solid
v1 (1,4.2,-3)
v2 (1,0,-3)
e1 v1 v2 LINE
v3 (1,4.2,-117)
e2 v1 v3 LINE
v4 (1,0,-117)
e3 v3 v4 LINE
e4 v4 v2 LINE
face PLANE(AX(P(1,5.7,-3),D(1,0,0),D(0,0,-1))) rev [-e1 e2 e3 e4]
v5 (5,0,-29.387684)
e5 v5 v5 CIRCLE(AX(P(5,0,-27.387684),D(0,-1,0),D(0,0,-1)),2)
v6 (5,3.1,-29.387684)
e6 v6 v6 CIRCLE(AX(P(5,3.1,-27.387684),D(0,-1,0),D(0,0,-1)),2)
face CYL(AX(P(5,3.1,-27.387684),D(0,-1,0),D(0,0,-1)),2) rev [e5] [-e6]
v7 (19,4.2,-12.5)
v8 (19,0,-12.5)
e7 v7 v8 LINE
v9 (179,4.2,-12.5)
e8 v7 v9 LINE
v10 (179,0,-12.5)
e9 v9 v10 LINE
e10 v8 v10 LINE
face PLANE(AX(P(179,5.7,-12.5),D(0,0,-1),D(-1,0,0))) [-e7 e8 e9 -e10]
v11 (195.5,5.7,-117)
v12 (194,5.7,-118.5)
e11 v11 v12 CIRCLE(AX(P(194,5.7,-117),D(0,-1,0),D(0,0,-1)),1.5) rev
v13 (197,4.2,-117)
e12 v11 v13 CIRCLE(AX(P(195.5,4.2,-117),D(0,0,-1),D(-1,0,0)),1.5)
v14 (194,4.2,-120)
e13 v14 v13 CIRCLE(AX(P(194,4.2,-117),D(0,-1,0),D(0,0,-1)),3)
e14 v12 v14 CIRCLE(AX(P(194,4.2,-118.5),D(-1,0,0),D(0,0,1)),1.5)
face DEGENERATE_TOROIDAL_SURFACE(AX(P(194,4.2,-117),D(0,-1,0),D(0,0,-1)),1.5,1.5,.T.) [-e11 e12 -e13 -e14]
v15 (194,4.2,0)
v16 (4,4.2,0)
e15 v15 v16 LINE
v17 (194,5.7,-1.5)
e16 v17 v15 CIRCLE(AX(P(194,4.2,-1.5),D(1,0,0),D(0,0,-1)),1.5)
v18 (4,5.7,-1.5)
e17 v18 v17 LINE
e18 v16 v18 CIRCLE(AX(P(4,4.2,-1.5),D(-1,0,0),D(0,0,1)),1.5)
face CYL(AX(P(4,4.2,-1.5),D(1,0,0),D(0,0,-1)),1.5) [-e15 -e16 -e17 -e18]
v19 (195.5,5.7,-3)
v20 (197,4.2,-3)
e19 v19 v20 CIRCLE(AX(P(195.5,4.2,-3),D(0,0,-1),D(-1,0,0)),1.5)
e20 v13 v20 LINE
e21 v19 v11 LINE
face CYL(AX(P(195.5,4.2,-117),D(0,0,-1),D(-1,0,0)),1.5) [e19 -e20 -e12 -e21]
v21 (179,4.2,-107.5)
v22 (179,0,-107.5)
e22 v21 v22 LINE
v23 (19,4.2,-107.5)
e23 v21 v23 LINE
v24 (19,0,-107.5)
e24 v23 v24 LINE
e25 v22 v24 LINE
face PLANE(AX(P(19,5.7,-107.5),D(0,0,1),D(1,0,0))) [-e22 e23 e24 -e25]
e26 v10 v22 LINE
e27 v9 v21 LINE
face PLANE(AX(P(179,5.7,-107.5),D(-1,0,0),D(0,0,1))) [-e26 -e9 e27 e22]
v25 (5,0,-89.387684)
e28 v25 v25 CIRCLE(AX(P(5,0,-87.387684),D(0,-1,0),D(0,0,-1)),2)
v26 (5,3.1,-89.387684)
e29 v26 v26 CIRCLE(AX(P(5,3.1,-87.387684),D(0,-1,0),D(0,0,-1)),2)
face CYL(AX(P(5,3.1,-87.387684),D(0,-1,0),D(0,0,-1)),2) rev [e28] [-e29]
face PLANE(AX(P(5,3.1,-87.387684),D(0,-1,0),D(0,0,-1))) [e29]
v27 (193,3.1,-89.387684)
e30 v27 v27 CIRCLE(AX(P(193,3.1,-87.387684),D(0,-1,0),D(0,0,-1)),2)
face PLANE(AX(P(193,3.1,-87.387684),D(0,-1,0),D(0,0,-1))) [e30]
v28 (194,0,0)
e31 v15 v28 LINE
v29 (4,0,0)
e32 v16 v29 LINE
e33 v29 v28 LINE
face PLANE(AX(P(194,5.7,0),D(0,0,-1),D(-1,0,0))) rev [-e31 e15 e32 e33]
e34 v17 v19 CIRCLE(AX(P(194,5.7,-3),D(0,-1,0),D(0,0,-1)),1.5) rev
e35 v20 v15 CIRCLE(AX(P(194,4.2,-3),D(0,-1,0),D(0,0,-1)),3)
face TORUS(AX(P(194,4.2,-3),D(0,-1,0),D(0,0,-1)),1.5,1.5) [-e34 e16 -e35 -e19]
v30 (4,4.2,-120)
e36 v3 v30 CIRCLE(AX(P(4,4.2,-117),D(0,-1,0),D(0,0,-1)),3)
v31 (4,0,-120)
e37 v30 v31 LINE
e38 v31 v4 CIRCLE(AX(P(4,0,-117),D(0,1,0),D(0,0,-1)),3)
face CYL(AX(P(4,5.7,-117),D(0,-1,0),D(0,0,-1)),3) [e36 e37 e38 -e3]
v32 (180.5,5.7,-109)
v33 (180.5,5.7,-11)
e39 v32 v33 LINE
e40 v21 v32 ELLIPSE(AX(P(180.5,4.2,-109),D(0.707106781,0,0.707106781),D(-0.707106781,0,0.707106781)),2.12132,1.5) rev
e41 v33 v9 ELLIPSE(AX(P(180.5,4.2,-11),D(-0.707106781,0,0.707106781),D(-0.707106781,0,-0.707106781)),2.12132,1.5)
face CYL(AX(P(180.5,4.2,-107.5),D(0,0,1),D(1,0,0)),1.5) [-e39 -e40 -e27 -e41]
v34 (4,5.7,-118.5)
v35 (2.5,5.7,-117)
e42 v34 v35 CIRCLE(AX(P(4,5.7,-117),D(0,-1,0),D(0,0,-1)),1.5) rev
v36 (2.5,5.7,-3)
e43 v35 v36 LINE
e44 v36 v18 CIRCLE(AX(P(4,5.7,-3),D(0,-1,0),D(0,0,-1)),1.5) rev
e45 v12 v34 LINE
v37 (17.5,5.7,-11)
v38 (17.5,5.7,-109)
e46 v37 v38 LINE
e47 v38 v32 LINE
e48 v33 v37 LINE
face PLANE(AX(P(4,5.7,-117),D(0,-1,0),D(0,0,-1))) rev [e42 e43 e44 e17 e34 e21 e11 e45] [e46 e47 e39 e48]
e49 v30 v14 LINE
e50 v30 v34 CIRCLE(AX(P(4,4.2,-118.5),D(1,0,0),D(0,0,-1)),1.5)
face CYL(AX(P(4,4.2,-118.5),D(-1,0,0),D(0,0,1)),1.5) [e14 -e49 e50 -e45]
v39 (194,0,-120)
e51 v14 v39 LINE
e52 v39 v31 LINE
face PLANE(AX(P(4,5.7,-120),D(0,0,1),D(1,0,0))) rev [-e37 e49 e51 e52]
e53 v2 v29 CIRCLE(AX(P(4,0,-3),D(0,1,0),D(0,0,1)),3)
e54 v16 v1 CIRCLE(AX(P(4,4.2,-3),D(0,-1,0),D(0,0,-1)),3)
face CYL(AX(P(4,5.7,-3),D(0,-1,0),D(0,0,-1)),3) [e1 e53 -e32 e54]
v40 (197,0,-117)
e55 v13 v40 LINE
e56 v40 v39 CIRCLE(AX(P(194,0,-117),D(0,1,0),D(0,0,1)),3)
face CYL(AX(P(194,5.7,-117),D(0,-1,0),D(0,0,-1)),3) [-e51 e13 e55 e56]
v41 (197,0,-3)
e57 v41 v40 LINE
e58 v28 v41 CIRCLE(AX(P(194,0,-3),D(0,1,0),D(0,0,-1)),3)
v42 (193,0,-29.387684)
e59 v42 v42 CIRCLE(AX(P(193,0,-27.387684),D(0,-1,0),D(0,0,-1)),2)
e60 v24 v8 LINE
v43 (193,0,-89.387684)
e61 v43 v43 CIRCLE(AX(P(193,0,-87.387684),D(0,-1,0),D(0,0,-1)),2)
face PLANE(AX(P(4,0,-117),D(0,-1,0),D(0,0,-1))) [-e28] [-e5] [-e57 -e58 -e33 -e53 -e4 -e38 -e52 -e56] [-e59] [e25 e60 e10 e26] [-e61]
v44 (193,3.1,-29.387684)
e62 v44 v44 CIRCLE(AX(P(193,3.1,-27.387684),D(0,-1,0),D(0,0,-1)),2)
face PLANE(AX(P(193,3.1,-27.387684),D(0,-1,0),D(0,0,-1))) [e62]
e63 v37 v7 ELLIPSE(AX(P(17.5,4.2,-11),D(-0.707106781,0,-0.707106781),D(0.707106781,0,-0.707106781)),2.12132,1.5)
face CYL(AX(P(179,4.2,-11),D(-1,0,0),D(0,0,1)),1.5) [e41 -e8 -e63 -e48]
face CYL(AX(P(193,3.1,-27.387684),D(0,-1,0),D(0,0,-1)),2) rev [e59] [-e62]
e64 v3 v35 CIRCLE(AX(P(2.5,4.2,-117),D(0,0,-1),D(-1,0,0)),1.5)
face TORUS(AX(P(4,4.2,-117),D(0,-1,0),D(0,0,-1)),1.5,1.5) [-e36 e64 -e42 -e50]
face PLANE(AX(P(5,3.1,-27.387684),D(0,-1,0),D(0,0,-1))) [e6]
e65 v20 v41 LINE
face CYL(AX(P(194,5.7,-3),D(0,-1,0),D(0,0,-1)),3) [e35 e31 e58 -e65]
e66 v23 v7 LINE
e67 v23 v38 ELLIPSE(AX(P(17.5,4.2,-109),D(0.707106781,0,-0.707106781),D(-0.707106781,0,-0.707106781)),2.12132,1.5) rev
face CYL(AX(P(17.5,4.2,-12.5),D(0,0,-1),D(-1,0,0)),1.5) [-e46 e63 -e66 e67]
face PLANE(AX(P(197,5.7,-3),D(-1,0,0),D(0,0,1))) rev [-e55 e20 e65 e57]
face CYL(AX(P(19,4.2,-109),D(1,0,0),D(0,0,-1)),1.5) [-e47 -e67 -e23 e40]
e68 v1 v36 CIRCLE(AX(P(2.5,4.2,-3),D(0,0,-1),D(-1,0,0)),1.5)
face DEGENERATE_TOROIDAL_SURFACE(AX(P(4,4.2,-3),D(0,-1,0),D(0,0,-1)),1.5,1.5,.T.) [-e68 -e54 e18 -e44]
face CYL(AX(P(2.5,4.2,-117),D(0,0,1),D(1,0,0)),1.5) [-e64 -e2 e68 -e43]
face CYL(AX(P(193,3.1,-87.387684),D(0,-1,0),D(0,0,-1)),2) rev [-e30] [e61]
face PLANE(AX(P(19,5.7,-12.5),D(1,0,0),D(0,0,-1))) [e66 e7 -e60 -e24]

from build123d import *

# Parameters (mm, degrees)
CROQUIS1_W              = 160
CROQUIS1_H              = 95
SALIENTE_EXTRUIR3_DEPTH = 5.7
REDONDEO2_R             = 1.5
CROQUIS2_R              = 2
CORTAR_EXTRUIR1_DEPTH   = 3.1


with BuildPart() as part:
    # Croquis1 → Saliente-Extruir3 (new body)
    with BuildSketch(Plane(origin=(0, 0, 0), x_dir=(1, 0, 0), z_dir=(0, 1, 0))):
        with BuildLine():
            Line((4, 120), (194, 120))
            ThreePointArc((194, 120), (196.121320344, 119.121320344), (197, 117))
            Line((197, 117), (197, 3))
            ThreePointArc((197, 3), (196.121320344, 0.878679656), (194, 0))
            Line((194, 0), (4, 0))
            ThreePointArc((4, 0), (1.878679656, 0.878679656), (1, 3))
            Line((1, 3), (1, 117))
            ThreePointArc((1, 117), (1.878679656, 119.121320344), (4, 120))
        make_face()
        with Locations((99, 60)):
            Rectangle(CROQUIS1_W, CROQUIS1_H, mode=Mode.SUBTRACT)
    extrude(amount=SALIENTE_EXTRUIR3_DEPTH)

    # Redondeo2
    redondeo2_edges = [part.edges().sort_by_distance(p)[0] for p in [
        (1.878679656, 5.7, -0.878679656),
        (99, 5.7, 0),
        (196.121320344, 5.7, -0.878679656),
        (197, 5.7, -60),
        (196.121320344, 5.7, -119.121320344),
        (99, 5.7, -120),
        (99, 5.7, -107.5),
        (19, 5.7, -60),
        (99, 5.7, -12.5),
        (179, 5.7, -60),
        (1.878679656, 5.7, -119.121320344),
        (1, 5.7, -60),
    ]]
    fillet(redondeo2_edges, radius=REDONDEO2_R)

    # Croquis2 → Cortar-Extruir1 (cut)
    with BuildSketch(Plane.XZ):
        with Locations((5, -27.38768366)):
            Circle(CROQUIS2_R)
        with Locations((5, -87.38768366)):
            Circle(CROQUIS2_R)
        with Locations((193, -27.38768366)):
            Circle(CROQUIS2_R)
        with Locations((193, -87.38768366)):
            Circle(CROQUIS2_R)
    extrude(amount=-CORTAR_EXTRUIR1_DEPTH, mode=Mode.SUBTRACT)


solid = part.part
